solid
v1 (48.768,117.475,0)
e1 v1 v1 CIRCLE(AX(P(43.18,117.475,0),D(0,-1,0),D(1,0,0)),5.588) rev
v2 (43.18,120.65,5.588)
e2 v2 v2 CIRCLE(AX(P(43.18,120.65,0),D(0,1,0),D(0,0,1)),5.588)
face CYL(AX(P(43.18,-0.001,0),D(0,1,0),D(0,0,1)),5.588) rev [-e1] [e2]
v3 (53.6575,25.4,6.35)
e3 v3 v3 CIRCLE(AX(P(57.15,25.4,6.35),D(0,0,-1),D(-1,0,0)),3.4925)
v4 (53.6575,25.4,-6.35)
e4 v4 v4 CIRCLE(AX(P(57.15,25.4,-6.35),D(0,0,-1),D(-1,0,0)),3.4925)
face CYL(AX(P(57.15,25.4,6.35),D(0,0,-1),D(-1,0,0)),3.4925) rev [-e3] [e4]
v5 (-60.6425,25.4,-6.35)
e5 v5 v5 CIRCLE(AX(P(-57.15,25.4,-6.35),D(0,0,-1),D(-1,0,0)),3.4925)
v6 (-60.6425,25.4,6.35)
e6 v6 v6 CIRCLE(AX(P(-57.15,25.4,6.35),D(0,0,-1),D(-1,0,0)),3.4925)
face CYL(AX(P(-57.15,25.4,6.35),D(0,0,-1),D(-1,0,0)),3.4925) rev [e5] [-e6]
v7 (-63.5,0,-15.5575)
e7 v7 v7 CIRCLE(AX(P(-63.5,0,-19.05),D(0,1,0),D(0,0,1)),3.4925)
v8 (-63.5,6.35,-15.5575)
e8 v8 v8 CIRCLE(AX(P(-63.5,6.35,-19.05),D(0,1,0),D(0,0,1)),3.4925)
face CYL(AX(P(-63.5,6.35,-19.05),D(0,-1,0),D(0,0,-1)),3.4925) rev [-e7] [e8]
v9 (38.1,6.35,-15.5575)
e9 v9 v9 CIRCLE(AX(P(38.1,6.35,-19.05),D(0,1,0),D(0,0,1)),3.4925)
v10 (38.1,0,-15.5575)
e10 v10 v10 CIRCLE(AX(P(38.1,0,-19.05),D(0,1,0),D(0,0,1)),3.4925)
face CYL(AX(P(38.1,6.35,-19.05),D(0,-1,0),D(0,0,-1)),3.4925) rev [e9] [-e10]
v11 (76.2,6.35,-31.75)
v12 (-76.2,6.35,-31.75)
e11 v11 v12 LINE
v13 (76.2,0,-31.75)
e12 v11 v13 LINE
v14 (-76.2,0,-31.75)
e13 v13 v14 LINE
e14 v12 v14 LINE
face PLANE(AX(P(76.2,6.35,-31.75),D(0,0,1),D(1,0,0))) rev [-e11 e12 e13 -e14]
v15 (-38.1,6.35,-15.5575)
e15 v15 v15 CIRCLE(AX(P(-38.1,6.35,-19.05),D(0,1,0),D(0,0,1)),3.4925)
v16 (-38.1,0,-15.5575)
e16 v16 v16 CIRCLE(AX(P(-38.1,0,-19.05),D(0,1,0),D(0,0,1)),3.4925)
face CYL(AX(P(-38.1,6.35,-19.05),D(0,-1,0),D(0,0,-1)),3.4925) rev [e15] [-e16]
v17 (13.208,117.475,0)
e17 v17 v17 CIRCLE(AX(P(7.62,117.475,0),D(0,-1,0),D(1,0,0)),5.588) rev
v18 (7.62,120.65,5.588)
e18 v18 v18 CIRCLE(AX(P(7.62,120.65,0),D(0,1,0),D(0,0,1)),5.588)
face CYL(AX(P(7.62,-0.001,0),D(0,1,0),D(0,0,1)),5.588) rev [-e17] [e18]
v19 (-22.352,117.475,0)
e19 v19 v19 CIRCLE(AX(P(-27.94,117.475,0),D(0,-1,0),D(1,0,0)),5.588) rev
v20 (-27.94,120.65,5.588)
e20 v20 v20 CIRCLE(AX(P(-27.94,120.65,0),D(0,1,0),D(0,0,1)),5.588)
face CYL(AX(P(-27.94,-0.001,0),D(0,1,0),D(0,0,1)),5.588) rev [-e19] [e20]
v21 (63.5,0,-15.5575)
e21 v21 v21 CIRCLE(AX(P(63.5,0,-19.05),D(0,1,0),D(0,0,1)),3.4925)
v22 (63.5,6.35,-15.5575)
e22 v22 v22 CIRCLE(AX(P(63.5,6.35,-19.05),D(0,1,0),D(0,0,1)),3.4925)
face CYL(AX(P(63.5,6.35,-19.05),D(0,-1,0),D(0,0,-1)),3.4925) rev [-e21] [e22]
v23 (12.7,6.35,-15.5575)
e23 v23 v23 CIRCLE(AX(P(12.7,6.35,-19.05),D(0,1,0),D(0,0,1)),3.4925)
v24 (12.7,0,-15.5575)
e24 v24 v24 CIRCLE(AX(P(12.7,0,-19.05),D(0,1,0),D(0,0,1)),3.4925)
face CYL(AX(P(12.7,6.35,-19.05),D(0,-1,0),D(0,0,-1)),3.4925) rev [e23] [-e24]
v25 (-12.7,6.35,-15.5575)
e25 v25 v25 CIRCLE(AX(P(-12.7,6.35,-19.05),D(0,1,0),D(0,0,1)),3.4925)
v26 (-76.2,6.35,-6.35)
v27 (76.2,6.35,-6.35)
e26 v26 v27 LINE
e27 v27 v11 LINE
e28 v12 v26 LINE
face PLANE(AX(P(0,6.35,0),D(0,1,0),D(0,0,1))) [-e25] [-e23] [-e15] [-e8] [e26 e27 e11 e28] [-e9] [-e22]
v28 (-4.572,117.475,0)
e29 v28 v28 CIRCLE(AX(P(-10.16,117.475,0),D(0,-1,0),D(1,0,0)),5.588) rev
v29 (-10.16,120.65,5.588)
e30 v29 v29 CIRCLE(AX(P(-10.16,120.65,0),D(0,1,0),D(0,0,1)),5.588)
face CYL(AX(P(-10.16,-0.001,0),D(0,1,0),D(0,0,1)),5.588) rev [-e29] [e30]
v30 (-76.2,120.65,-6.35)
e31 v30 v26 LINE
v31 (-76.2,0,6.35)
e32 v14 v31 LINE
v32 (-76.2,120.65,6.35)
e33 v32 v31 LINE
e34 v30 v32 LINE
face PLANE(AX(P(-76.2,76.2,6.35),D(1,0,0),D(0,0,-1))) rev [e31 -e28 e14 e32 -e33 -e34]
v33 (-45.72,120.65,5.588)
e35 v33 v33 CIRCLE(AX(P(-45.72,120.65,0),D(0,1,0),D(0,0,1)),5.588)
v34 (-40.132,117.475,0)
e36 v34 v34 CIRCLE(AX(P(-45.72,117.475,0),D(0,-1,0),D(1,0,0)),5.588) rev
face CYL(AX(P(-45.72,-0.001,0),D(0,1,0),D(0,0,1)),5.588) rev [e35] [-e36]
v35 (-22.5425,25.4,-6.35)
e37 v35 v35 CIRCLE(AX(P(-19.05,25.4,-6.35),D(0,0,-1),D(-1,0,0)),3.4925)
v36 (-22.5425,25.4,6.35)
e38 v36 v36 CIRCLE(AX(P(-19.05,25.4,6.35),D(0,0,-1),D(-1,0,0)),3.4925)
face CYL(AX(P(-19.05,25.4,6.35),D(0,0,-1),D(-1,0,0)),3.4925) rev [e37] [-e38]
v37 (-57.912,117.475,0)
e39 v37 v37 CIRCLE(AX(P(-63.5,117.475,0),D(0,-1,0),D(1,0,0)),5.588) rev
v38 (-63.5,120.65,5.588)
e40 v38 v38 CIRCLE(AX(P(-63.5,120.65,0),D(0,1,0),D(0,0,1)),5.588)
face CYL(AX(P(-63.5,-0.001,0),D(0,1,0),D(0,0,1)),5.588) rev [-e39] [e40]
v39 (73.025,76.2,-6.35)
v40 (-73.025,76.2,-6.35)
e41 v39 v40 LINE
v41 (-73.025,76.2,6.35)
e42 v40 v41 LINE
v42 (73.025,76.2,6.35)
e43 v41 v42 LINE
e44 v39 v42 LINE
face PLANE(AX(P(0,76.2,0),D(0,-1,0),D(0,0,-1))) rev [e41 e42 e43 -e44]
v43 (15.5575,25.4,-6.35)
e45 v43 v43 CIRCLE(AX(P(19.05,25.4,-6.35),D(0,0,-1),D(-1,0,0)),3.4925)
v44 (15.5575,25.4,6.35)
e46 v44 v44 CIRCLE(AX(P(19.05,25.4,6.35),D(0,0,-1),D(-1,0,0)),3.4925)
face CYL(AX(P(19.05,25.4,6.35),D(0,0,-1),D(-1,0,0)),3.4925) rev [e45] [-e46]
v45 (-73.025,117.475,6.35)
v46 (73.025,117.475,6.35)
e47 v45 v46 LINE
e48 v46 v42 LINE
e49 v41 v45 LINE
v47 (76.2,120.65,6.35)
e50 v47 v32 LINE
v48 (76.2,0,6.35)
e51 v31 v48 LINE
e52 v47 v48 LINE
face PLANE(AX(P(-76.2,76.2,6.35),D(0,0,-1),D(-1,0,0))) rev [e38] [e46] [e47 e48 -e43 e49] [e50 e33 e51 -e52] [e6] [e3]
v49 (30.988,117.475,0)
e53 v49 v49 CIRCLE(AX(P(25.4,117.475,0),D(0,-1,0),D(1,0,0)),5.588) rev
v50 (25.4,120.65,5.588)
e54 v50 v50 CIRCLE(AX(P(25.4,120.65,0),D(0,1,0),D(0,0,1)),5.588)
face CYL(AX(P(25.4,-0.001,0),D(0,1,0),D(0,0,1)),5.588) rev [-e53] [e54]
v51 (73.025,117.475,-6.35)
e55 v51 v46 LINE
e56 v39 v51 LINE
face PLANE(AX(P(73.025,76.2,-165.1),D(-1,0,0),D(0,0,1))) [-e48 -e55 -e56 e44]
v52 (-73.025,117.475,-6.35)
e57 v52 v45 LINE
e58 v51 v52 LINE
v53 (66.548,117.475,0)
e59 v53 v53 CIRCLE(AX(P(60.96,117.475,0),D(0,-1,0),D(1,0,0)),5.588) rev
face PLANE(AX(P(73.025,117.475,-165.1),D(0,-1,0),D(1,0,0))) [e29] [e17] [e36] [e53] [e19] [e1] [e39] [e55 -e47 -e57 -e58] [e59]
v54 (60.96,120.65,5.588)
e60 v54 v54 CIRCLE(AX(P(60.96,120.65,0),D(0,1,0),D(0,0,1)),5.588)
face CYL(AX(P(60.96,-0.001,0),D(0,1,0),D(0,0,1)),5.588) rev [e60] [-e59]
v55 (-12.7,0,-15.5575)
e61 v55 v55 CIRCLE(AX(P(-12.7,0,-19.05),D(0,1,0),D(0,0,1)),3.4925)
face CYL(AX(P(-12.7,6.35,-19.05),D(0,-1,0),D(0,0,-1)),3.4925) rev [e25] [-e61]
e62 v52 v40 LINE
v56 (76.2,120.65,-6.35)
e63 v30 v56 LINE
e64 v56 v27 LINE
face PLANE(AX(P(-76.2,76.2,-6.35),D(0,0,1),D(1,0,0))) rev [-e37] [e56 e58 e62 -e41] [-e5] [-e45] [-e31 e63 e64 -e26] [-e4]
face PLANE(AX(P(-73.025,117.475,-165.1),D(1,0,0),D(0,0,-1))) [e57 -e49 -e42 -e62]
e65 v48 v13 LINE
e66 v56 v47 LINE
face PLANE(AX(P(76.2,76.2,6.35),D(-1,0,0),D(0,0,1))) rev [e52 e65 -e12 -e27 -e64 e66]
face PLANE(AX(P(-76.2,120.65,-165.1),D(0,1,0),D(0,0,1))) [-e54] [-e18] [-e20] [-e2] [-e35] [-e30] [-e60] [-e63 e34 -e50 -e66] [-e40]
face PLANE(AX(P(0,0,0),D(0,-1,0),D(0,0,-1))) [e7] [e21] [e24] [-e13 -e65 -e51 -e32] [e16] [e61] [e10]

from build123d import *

# Parameters (mm, degrees)
SKETCH1_W           = 152.4
SKETCH1_H           = 12.7
BOSS_EXTRUDE1_DEPTH = 76.2
SKETCH2_R           = 3.4925
BOSS_EXTRUDE4_DEPTH = 6.35
BOSS_EXTRUDE5_DEPTH = 12.7
CUT_EXTRUDE1_REACH  = 148.188
SKETCH4_R           = 5.588
SKETCH5_R           = 3.4925
CUT_EXTRUDE2_DEPTH  = 145.941445074


with BuildPart() as part:
    # Sketch1 → Boss-Extrude1 (new body)
    with BuildSketch(Plane(origin=(0, 0, 0), x_dir=(1, 0, 0), z_dir=(0, 1, 0))):
        Rectangle(SKETCH1_W, SKETCH1_H)
    extrude(amount=BOSS_EXTRUDE1_DEPTH)

    # Sketch2 → Boss-Extrude4 (add)
    with BuildSketch(Plane(origin=(0, 0, 0), x_dir=(1, 0, 0), z_dir=(0, 1, 0))):
        Polygon((-76.2, 19.05), (-76.2, 6.35), (76.2, 6.35), (76.2, 31.75), (-76.2, 31.75), align=None)
        with Locations(Location((-63.5, 19.05, 0), (0, 0, 270))):
            Circle(SKETCH2_R, mode=Mode.SUBTRACT)
        with Locations(Location((-38.1, 19.05, 0), (0, 0, 270))):
            Circle(SKETCH2_R, mode=Mode.SUBTRACT)
        with Locations(Location((-12.7, 19.05, 0), (0, 0, 270))):
            Circle(SKETCH2_R, mode=Mode.SUBTRACT)
        with Locations(Location((12.7, 19.05, 0), (0, 0, 270))):
            Circle(SKETCH2_R, mode=Mode.SUBTRACT)
        with Locations(Location((38.1, 19.05, 0), (0, 0, 270))):
            Circle(SKETCH2_R, mode=Mode.SUBTRACT)
        with Locations(Location((63.5, 19.05, 0), (0, 0, 270))):
            Circle(SKETCH2_R, mode=Mode.SUBTRACT)
    extrude(amount=BOSS_EXTRUDE4_DEPTH)

    # Sketch3 → Boss-Extrude5 (add)
    with BuildSketch(Plane.XY.offset(6.35)):
        Polygon((-76.2, 76.2), (-76.2, 120.65), (76.2, 120.65), (76.2, 76.2), (73.025, 76.2), (73.025, 117.475), (-73.025, 117.475), (-73.025, 76.2), align=None)
    extrude(amount=-BOSS_EXTRUDE5_DEPTH)

    # Sketch4 → Cut-Extrude1 (cut, up to next)
    with BuildSketch(Plane(origin=(0, 120.65, 0), x_dir=(1, 0, 0), z_dir=(0, 1, 0)), mode=Mode.PRIVATE) as cut_extrude1_sk1:
        with Locations(Location((-63.5, 0, 0), (0, 0, 270))):
            Circle(SKETCH4_R)
    cut_extrude1_tool1 = extrude(cut_extrude1_sk1.sketch, amount=-CUT_EXTRUDE1_REACH, mode=Mode.PRIVATE) & part.part
    # Sketch4 → Cut-Extrude1 (cut, up to next)
    with BuildSketch(Plane(origin=(0, 120.65, 0), x_dir=(1, 0, 0), z_dir=(0, 1, 0)), mode=Mode.PRIVATE) as cut_extrude1_sk2:
        with Locations(Location((-45.72, 0, 0), (0, 0, 270))):
            Circle(SKETCH4_R)
    cut_extrude1_tool2 = extrude(cut_extrude1_sk2.sketch, amount=-CUT_EXTRUDE1_REACH, mode=Mode.PRIVATE) & part.part
    # Sketch4 → Cut-Extrude1 (cut, up to next)
    with BuildSketch(Plane(origin=(0, 120.65, 0), x_dir=(1, 0, 0), z_dir=(0, 1, 0)), mode=Mode.PRIVATE) as cut_extrude1_sk3:
        with Locations(Location((-27.94, 0, 0), (0, 0, 270))):
            Circle(SKETCH4_R)
    cut_extrude1_tool3 = extrude(cut_extrude1_sk3.sketch, amount=-CUT_EXTRUDE1_REACH, mode=Mode.PRIVATE) & part.part
    # Sketch4 → Cut-Extrude1 (cut, up to next)
    with BuildSketch(Plane(origin=(0, 120.65, 0), x_dir=(1, 0, 0), z_dir=(0, 1, 0)), mode=Mode.PRIVATE) as cut_extrude1_sk4:
        with Locations(Location((-10.16, 0, 0), (0, 0, 270))):
            Circle(SKETCH4_R)
    cut_extrude1_tool4 = extrude(cut_extrude1_sk4.sketch, amount=-CUT_EXTRUDE1_REACH, mode=Mode.PRIVATE) & part.part
    # Sketch4 → Cut-Extrude1 (cut, up to next)
    with BuildSketch(Plane(origin=(0, 120.65, 0), x_dir=(1, 0, 0), z_dir=(0, 1, 0)), mode=Mode.PRIVATE) as cut_extrude1_sk5:
        with Locations(Location((7.62, 0, 0), (0, 0, 270))):
            Circle(SKETCH4_R)
    cut_extrude1_tool5 = extrude(cut_extrude1_sk5.sketch, amount=-CUT_EXTRUDE1_REACH, mode=Mode.PRIVATE) & part.part
    # Sketch4 → Cut-Extrude1 (cut, up to next)
    with BuildSketch(Plane(origin=(0, 120.65, 0), x_dir=(1, 0, 0), z_dir=(0, 1, 0)), mode=Mode.PRIVATE) as cut_extrude1_sk6:
        with Locations(Location((25.4, 0, 0), (0, 0, 270))):
            Circle(SKETCH4_R)
    cut_extrude1_tool6 = extrude(cut_extrude1_sk6.sketch, amount=-CUT_EXTRUDE1_REACH, mode=Mode.PRIVATE) & part.part
    # Sketch4 → Cut-Extrude1 (cut, up to next)
    with BuildSketch(Plane(origin=(0, 120.65, 0), x_dir=(1, 0, 0), z_dir=(0, 1, 0)), mode=Mode.PRIVATE) as cut_extrude1_sk7:
        with Locations(Location((43.18, 0, 0), (0, 0, 270))):
            Circle(SKETCH4_R)
    cut_extrude1_tool7 = extrude(cut_extrude1_sk7.sketch, amount=-CUT_EXTRUDE1_REACH, mode=Mode.PRIVATE) & part.part
    # Sketch4 → Cut-Extrude1 (cut, up to next)
    with BuildSketch(Plane(origin=(0, 120.65, 0), x_dir=(1, 0, 0), z_dir=(0, 1, 0)), mode=Mode.PRIVATE) as cut_extrude1_sk8:
        with Locations(Location((60.96, 0, 0), (0, 0, 270))):
            Circle(SKETCH4_R)
    cut_extrude1_tool8 = extrude(cut_extrude1_sk8.sketch, amount=-CUT_EXTRUDE1_REACH, mode=Mode.PRIVATE) & part.part
    add(cut_extrude1_tool1.solids().sort_by_distance((-63.5, 120.65, 0))[0], mode=Mode.SUBTRACT)
    add(cut_extrude1_tool2.solids().sort_by_distance((-45.72, 120.65, 0))[0], mode=Mode.SUBTRACT)
    add(cut_extrude1_tool3.solids().sort_by_distance((-27.94, 120.65, 0))[0], mode=Mode.SUBTRACT)
    add(cut_extrude1_tool4.solids().sort_by_distance((-10.16, 120.65, 0))[0], mode=Mode.SUBTRACT)
    add(cut_extrude1_tool5.solids().sort_by_distance((7.62, 120.65, 0))[0], mode=Mode.SUBTRACT)
    add(cut_extrude1_tool6.solids().sort_by_distance((25.4, 120.65, 0))[0], mode=Mode.SUBTRACT)
    add(cut_extrude1_tool7.solids().sort_by_distance((43.18, 120.65, 0))[0], mode=Mode.SUBTRACT)
    add(cut_extrude1_tool8.solids().sort_by_distance((60.96, 120.65, 0))[0], mode=Mode.SUBTRACT)

    # Sketch5 → Cut-Extrude2 (cut, through all)
    with BuildSketch(Plane(origin=(0, 0, -6.35), x_dir=(-1, 0, 0), z_dir=(0, 0, -1))):
        with Locations((-57.15, 25.4)):
            Circle(SKETCH5_R)
        with Locations((-19.05, 25.4)):
            Circle(SKETCH5_R)
        with Locations((19.05, 25.4)):
            Circle(SKETCH5_R)
        with Locations((57.15, 25.4)):
            Circle(SKETCH5_R)
    extrude(amount=-CUT_EXTRUDE2_DEPTH, mode=Mode.SUBTRACT)


solid = part.part
